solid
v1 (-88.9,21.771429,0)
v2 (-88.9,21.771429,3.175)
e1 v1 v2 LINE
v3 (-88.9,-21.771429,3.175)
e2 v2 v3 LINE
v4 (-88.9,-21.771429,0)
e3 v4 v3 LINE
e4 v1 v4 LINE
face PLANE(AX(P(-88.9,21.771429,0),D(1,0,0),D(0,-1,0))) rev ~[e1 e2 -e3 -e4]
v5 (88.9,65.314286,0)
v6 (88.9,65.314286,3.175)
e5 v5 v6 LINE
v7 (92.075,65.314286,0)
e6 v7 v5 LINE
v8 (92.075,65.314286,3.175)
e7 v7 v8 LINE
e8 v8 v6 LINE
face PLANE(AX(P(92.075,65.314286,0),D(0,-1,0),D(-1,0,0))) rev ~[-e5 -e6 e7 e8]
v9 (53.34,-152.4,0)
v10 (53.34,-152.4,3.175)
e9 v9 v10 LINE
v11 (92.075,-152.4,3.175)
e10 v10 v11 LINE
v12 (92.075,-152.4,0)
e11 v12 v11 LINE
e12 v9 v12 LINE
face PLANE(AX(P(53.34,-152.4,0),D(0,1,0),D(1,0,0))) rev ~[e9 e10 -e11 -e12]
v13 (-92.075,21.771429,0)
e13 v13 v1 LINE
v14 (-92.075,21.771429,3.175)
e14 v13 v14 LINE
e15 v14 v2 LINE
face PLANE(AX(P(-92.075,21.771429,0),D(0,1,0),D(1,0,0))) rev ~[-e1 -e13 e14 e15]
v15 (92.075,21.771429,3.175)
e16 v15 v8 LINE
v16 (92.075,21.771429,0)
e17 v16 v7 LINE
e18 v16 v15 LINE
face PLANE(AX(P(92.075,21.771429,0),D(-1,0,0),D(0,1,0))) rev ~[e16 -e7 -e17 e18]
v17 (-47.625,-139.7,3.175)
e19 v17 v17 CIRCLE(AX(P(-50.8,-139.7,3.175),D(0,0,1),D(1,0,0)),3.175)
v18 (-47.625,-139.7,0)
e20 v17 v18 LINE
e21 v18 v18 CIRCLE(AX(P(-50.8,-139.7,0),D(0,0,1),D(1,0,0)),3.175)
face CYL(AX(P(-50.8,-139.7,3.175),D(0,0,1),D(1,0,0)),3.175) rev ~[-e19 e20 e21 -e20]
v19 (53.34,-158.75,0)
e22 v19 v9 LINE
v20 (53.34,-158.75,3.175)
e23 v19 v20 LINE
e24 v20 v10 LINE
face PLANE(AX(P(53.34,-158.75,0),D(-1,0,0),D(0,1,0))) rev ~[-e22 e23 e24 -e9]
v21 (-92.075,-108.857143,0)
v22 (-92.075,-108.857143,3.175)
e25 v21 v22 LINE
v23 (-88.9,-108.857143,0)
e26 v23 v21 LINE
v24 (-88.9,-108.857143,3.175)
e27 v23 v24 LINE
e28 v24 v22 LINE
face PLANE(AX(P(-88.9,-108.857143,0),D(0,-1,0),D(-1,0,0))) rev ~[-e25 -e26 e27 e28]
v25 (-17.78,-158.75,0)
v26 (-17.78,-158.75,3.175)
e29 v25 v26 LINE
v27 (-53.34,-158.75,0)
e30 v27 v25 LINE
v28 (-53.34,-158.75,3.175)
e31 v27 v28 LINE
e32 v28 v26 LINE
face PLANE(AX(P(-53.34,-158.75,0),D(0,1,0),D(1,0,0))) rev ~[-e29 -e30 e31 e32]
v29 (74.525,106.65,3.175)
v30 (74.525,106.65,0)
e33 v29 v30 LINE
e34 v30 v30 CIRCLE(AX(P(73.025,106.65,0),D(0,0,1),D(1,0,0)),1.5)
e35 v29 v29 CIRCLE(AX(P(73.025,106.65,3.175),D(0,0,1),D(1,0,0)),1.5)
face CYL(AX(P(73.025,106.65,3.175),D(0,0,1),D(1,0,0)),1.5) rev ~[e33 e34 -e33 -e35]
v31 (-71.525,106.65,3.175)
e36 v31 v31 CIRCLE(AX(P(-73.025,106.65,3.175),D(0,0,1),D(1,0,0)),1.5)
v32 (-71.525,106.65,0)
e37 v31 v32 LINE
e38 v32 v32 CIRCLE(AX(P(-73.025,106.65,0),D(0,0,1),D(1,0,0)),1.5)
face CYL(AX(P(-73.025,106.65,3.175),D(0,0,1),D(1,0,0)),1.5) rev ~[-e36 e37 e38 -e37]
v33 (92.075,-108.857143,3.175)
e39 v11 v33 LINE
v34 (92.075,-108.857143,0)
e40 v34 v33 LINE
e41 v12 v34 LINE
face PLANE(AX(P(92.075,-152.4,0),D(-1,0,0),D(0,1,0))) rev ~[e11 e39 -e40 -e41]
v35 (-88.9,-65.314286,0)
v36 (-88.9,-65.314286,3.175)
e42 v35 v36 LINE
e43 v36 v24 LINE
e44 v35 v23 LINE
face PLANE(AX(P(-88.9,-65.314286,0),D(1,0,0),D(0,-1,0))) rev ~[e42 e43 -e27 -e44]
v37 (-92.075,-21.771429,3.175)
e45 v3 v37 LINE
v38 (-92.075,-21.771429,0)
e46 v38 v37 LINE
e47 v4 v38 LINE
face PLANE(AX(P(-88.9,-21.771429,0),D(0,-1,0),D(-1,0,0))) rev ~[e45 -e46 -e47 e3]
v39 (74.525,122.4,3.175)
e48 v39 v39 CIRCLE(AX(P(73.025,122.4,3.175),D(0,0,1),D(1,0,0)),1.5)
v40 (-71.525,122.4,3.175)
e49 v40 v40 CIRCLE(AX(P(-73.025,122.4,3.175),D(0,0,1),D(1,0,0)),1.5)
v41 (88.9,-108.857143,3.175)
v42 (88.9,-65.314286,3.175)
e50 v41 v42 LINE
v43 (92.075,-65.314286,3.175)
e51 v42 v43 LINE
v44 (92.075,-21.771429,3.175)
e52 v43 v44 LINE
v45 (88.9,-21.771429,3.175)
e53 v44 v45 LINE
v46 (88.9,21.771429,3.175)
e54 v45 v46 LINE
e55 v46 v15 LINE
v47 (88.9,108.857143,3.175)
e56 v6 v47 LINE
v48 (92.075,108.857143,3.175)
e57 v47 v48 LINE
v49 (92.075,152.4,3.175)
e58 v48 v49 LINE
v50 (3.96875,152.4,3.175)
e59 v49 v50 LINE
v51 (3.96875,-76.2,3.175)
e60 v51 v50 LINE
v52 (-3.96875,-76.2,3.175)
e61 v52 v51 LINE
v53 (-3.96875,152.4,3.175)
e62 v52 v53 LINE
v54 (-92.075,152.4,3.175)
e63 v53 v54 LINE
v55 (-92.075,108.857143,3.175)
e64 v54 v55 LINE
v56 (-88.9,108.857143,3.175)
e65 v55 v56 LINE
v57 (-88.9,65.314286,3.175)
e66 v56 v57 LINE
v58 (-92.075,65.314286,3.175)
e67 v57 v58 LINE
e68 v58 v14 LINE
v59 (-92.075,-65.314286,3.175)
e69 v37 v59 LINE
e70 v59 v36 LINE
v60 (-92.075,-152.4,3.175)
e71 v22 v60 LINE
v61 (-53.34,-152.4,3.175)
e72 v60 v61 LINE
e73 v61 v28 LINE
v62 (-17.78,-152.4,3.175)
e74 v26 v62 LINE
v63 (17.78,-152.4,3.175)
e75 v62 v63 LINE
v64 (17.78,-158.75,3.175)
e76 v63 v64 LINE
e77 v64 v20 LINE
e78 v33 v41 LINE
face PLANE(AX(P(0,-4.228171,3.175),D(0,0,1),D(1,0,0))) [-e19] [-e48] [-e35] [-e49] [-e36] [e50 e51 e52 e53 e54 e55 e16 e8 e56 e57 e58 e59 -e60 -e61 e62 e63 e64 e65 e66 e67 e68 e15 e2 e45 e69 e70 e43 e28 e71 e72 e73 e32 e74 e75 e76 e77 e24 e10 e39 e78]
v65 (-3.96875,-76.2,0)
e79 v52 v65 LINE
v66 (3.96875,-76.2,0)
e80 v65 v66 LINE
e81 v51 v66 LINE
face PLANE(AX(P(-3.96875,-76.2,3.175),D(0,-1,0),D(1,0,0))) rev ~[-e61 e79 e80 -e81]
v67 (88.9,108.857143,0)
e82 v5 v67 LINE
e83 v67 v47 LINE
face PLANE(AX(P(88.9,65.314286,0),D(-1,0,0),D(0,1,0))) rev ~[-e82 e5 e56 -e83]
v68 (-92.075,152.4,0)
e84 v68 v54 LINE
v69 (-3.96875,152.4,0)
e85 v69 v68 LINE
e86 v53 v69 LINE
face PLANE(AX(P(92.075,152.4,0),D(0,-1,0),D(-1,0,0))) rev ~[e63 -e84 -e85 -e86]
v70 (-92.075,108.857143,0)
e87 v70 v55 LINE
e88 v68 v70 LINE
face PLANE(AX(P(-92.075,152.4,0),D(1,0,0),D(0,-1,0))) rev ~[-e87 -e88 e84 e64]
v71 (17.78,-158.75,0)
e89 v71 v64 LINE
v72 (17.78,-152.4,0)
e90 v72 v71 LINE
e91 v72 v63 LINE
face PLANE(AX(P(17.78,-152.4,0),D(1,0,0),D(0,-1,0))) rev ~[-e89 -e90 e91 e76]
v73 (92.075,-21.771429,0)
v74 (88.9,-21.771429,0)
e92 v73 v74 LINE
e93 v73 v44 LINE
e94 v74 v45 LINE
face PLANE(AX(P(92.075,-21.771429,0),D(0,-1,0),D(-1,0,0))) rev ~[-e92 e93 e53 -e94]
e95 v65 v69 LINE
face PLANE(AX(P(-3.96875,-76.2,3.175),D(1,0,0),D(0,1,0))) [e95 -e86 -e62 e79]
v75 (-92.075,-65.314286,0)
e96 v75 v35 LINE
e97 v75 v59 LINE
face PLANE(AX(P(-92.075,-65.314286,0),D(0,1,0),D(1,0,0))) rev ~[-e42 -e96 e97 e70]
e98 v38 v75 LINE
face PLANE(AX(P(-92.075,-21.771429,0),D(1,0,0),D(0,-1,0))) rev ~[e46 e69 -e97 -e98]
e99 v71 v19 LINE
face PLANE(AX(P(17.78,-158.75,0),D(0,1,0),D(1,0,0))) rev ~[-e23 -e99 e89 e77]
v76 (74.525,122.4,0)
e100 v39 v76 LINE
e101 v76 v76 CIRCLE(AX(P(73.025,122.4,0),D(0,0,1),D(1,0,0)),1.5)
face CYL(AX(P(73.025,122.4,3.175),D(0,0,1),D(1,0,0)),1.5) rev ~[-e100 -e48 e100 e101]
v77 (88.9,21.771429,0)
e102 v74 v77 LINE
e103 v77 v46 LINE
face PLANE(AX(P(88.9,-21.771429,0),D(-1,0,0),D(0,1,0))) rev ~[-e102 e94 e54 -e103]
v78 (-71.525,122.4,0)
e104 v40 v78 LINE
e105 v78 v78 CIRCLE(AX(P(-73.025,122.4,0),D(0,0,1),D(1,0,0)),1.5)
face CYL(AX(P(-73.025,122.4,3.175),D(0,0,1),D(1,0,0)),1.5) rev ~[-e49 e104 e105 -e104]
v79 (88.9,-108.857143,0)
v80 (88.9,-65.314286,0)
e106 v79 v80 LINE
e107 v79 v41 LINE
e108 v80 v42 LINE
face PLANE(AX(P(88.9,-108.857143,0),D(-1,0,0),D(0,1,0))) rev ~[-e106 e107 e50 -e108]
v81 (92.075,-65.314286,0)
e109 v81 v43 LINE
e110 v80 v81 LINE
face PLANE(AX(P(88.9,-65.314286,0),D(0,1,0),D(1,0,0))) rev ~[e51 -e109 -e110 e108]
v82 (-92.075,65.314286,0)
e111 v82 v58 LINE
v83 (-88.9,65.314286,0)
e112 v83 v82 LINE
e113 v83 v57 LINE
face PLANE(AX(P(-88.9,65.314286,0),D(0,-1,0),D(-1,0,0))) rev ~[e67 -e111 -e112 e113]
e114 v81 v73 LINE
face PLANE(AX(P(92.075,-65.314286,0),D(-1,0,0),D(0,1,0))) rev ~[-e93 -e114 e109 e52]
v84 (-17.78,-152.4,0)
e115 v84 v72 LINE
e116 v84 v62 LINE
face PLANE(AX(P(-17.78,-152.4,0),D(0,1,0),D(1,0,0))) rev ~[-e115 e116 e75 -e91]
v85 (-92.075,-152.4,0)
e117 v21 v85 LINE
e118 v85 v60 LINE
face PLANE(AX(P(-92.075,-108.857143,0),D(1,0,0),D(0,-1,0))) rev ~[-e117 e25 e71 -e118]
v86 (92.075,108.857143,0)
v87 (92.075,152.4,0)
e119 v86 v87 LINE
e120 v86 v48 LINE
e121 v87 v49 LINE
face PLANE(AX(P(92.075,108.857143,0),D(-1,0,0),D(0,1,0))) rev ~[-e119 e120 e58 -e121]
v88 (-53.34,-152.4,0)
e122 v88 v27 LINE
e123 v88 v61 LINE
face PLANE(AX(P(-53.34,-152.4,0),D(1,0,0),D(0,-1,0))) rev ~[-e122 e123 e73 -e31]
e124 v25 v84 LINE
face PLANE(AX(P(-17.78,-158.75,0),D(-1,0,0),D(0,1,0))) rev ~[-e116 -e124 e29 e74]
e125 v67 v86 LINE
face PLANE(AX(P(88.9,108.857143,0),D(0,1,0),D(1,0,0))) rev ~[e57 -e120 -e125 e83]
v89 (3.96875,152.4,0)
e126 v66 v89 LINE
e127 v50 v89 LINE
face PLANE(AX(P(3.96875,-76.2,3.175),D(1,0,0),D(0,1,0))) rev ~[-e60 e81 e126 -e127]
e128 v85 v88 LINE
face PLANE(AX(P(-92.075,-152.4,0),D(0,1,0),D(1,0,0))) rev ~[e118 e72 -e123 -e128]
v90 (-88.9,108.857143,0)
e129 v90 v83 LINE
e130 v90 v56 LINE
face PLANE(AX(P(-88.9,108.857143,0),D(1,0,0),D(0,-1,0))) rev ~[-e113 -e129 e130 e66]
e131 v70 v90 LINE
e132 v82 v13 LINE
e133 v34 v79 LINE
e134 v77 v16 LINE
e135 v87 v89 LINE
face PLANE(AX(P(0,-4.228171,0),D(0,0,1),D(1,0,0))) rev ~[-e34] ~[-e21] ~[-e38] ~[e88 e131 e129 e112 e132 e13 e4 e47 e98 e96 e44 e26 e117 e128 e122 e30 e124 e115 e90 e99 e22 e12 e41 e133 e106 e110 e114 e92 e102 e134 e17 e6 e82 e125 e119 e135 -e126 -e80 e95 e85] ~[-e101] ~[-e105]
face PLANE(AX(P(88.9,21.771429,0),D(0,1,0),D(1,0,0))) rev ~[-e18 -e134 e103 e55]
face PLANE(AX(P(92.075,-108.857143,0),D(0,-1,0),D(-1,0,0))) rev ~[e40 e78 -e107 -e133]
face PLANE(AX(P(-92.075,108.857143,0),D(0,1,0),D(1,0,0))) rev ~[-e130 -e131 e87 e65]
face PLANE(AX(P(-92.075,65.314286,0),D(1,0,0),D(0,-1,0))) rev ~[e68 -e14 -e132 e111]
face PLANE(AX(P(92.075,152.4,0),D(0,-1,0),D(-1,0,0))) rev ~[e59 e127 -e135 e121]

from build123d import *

# Parameters (mm, degrees)
BOSS_EXTRUDE1_DEPTH = 3.175
SKETCH3_W           = 7.9375
SKETCH3_H           = 228.6
CUT_EXTRUDE1_DEPTH  = 184.546857096
SKETCH4_R           = 3.175
CUT_EXTRUDE2_DEPTH  = 184.546857096
SKETCH5_R           = 1.5
CUT_EXTRUDE3_DEPTH  = 3.175


with BuildPart() as part:
    # Sketch2 → Boss-Extrude1 (new body)
    with BuildSketch(Plane.XY):
        Polygon((-92.075, 152.4), (-92.075, 108.857142857), (-88.9, 108.857142857), (-88.9, 65.314285714), (-92.075, 65.314285714), (-92.075, 21.771428571), (-88.9, 21.771428571), (-88.9, -21.771428571), (-92.075, -21.771428571), (-92.075, -65.314285714), (-88.9, -65.314285714), (-88.9, -108.857142857), (-92.075, -108.857142857), (-92.075, -152.4), (-53.34, -152.4), (-53.34, -158.75), (-17.78, -158.75), (-17.78, -152.4), (17.78, -152.4), (17.78, -158.75), (53.34, -158.75), (53.34, -152.4), (92.075, -152.4), (92.075, -108.857142857), (88.9, -108.857142857), (88.9, -65.314285714), (92.075, -65.314285714), (92.075, -21.771428571), (88.9, -21.771428571), (88.9, 21.771428571), (92.075, 21.771428571), (92.075, 65.314285714), (88.9, 65.314285714), (88.9, 108.857142857), (92.075, 108.857142857), (92.075, 152.4), align=None)
    extrude(amount=BOSS_EXTRUDE1_DEPTH)

    # Sketch3 → Cut-Extrude1 (cut, through all)
    with BuildSketch(Plane.XY.offset(3.175)):
        with Locations((0, 38.1)):
            Rectangle(SKETCH3_W, SKETCH3_H)
    extrude(amount=-CUT_EXTRUDE1_DEPTH, mode=Mode.SUBTRACT)

    # Sketch4 → Cut-Extrude2 (cut, through all)
    with BuildSketch(Plane.XY.offset(3.175)):
        with Locations((-50.8, -139.7)):
            Circle(SKETCH4_R)
    extrude(amount=-CUT_EXTRUDE2_DEPTH, mode=Mode.SUBTRACT)

    # Sketch5 → Cut-Extrude3 (cut)
    with BuildSketch(Plane.XY.offset(3.175)):
        with Locations((-73.025, 122.4)):
            Circle(SKETCH5_R)
        with Locations((-73.025, 106.65)):
            Circle(SKETCH5_R)
        with Locations((73.025, 122.4)):
            Circle(SKETCH5_R)
        with Locations((73.025, 106.65)):
            Circle(SKETCH5_R)
    extrude(amount=-CUT_EXTRUDE3_DEPTH, mode=Mode.SUBTRACT)


solid = part.part
